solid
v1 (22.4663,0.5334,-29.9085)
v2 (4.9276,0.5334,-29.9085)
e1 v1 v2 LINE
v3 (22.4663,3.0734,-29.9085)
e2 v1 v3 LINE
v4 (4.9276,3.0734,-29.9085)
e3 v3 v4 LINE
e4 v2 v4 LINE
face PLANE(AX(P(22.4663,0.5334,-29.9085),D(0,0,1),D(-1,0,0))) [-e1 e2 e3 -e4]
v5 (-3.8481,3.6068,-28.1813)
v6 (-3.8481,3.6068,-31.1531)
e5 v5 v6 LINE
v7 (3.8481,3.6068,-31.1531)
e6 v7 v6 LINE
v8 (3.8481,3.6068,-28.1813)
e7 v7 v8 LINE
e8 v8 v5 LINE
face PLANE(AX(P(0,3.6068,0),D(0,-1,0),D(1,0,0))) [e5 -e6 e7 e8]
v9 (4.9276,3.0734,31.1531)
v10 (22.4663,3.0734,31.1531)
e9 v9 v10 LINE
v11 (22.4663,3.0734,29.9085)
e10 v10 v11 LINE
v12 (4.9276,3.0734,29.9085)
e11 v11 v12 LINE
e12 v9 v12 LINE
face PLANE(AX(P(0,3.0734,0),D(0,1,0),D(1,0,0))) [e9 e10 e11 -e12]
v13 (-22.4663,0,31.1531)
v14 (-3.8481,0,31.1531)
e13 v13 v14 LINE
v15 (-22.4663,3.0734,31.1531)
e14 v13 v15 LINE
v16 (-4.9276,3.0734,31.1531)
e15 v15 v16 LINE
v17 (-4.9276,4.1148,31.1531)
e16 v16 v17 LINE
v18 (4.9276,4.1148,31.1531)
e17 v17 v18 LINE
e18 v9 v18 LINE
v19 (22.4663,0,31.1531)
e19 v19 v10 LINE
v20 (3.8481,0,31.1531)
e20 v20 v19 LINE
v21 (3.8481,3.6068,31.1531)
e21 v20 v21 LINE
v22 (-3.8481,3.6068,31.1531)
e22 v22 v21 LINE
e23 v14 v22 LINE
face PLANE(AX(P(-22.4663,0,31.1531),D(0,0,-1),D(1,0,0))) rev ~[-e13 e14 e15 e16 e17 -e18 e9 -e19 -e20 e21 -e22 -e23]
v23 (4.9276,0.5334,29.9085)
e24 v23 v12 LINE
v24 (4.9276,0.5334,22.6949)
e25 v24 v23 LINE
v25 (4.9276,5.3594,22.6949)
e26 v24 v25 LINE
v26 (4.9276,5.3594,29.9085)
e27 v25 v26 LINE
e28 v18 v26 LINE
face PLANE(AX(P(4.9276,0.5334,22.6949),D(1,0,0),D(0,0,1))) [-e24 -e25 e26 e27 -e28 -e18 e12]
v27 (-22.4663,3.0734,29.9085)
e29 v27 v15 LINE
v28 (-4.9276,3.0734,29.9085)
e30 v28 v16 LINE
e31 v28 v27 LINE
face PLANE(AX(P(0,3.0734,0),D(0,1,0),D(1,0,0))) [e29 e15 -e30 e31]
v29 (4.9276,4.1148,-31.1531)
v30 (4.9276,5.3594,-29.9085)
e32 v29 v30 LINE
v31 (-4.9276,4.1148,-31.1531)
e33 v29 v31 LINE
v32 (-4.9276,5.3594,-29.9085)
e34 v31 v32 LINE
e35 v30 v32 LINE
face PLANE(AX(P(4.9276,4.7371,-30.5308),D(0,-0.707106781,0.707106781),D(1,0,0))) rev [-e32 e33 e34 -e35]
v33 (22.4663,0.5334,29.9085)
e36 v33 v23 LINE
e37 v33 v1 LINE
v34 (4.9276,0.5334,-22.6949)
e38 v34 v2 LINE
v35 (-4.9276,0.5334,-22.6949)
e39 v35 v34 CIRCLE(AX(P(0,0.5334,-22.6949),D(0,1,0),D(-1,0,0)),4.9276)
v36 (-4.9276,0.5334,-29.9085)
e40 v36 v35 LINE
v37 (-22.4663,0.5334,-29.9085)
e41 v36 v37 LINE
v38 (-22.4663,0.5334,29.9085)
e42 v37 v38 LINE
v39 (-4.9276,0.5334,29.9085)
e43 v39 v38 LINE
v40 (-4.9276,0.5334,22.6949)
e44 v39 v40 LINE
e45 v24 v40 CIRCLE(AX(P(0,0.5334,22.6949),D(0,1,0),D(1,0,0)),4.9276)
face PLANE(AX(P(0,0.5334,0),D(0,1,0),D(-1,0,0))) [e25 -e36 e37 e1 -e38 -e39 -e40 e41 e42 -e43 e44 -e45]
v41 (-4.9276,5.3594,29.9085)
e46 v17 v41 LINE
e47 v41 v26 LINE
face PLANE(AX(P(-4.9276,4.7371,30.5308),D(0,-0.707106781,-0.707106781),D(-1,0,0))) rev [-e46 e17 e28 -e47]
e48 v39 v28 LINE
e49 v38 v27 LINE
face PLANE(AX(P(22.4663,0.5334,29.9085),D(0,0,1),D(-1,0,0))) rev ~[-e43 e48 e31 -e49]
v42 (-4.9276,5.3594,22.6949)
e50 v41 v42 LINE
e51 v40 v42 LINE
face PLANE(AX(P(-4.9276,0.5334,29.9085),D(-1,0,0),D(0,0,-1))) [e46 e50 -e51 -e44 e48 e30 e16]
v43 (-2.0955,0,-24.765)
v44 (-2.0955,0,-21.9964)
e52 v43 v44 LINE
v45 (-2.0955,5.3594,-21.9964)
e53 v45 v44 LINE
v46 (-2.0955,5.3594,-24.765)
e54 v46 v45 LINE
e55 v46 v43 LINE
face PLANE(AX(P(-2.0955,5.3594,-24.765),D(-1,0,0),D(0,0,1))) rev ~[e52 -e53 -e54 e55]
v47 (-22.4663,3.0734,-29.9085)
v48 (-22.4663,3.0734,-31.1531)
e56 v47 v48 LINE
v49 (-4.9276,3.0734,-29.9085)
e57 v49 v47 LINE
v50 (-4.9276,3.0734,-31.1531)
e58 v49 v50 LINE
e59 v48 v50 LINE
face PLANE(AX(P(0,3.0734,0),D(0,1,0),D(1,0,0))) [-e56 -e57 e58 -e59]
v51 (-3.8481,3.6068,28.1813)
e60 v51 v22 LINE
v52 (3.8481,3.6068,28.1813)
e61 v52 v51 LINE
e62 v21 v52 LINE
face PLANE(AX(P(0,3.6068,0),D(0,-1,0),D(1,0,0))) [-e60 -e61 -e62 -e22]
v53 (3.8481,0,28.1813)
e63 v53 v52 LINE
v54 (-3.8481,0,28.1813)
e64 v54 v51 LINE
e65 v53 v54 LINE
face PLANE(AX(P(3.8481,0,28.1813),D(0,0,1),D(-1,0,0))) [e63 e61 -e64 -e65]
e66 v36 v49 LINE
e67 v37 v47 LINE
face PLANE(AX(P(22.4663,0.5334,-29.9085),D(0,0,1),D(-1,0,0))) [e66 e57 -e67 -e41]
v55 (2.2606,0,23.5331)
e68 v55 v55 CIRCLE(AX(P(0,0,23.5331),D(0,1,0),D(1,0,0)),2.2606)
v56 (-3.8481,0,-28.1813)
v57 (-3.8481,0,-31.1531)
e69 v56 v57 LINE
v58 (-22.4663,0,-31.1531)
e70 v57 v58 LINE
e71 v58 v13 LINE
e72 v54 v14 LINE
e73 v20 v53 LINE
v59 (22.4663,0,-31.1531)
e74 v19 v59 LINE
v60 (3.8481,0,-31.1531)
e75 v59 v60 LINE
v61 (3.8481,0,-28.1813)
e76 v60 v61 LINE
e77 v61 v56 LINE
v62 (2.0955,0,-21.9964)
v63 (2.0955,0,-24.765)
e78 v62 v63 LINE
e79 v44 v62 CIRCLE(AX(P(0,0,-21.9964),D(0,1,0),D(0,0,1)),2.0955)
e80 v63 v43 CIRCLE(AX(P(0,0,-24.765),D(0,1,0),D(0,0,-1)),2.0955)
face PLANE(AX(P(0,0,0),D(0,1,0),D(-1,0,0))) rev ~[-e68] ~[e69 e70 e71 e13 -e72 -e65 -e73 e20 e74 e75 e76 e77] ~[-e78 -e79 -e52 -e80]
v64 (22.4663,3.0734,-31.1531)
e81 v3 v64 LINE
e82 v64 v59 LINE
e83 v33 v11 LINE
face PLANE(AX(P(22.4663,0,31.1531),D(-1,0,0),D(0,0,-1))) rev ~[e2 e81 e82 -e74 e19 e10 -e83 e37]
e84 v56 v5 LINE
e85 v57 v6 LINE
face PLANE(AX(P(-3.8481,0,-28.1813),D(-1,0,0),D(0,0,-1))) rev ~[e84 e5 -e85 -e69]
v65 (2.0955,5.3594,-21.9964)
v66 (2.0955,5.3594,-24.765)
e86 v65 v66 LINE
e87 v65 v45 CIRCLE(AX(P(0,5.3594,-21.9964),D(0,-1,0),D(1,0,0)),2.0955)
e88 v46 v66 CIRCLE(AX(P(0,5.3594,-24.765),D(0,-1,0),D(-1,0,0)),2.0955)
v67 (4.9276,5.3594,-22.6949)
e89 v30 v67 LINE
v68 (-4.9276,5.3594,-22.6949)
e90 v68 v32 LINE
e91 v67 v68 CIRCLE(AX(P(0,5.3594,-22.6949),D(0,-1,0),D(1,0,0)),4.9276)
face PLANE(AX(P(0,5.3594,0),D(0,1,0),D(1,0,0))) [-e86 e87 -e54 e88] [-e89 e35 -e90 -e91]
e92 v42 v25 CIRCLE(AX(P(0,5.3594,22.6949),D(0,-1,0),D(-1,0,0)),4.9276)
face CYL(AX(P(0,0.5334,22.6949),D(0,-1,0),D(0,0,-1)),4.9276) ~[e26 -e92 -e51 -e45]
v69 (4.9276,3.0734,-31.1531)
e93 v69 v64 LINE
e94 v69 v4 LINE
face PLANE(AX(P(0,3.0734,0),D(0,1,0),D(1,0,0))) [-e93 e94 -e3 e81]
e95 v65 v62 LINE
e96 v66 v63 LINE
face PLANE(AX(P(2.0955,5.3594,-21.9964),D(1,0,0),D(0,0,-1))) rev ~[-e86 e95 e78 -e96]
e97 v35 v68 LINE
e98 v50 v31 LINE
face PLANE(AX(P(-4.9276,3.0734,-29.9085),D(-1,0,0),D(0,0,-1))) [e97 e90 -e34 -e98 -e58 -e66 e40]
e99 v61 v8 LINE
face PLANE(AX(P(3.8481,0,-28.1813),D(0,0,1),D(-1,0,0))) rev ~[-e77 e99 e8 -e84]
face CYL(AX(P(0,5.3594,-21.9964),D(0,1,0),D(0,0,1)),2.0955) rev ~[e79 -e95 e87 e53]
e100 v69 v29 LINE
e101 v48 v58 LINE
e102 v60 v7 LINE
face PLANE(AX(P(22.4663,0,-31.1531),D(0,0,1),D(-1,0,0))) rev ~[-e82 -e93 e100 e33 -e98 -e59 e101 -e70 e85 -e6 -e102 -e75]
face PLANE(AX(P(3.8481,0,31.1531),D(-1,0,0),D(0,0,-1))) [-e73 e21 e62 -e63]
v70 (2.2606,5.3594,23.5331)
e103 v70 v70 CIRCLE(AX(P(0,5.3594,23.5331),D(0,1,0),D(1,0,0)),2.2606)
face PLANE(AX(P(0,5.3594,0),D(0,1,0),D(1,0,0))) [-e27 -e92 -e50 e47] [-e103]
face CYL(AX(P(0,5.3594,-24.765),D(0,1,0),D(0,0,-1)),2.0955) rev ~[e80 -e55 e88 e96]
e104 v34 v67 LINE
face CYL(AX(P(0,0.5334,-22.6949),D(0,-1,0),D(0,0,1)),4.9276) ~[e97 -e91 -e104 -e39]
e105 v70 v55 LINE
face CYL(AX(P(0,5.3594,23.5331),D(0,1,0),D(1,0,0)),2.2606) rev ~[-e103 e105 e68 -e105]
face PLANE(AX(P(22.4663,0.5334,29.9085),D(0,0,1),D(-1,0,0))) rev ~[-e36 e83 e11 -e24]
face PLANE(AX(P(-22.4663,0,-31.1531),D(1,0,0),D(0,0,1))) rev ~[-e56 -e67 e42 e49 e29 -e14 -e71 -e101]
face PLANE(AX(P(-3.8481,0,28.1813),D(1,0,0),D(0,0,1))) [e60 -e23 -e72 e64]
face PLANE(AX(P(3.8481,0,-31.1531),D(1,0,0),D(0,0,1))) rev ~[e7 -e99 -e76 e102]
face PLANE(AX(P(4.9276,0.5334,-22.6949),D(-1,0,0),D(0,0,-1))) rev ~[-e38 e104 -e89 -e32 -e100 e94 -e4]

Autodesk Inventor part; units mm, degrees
ref_plane "YZ Plane" through (0, 0, 0) normal (1, 0, 0) x (0, 1, 0)
ref_plane "XZ Plane" through (0, 0, 0) normal (0, 1, 0) x (-1, 0, 0)
ref_plane "XY Plane" through (0, 0, 0) normal (0, 0, 1) x (1, 0, 0)
sketch "Sketch1" plane through (0, 0, 0) normal (0, 1, 0) x (-1, 0, 0)
  line L0 (22.4663, 31.1531) -> (-22.4663, 31.1531)
  line L1 (-22.4663, 31.1531) -> (-22.4663, -31.1531)
  line L2 (-22.4663, -31.1531) -> (22.4663, -31.1531)
  line L3 (22.4663, -31.1531) -> (22.4663, 31.1531)
  point P0 (0, 0)
  point P1 (22.4663, 0)
  point P2 (0, -31.1531)
  dimension "d0" = 62.3062
  dimension "d1" = 44.9326
extrude "Extrusion1" add sketch "Sketch1" along normal blind 0.5334
sketch "Sketch2" plane through (0, 0.5334, 0) normal (0, 1, 0) x (1, 0, 0)
  line L0 (22.4663, -31.1531) -> (22.4663, 31.1531) projected
  line L1 (-22.4663, 31.1531) -> (22.4663, 31.1531)
  line L2 (22.4663, 31.1531) -> (22.4663, 29.9085)
  line L3 (22.4663, 29.9085) -> (-22.4663, 29.9085)
  line L4 (-22.4663, 29.9085) -> (-22.4663, 31.1531)
  line L5 (-22.4663, -31.1531) -> (22.4663, -31.1531)
  line L6 (22.4663, -31.1531) -> (22.4663, -29.9085)
  line L7 (22.4663, -29.9085) -> (-22.4663, -29.9085)
  line L8 (-22.4663, -29.9085) -> (-22.4663, -31.1531)
  line L9 (-22.4663, -31.1531) -> (22.4663, -31.1531) projected
  point P0 (0, 0)
  dimension "d4" = 1.2446
  dimension "d5" = 1.2446
  dimension "d6" = 59.817
  dimension "d7" = 0
extrude "Extrusion2" add sketch "Sketch2" along normal blind 2.54
sketch "Sketch3" plane through (0, 0.5334, 0) normal (0, 1, 0) x (1, 0, 0)
  line L0 (22.4663, 29.9085) -> (-22.4663, 29.9085) projected
  line L1 (4.9276, 29.9085) -> (-4.9276, 29.9085)
  line L2 (-4.9276, 29.9085) -> (-4.9276, 22.6949)
  line L3 (0, 17.7673) -> (0, 17.7673)
  line L4 (4.9276, 22.6949) -> (4.9276, 29.9085)
  arc A0 (-4.9276, 22.6949) -> (0, 17.7673) centre (0, 22.6949) ccw
  arc A1 (0, 17.7673) -> (4.9276, 22.6949) centre (0, 22.6949) ccw
  line L5 (22.4663, -29.9085) -> (-22.4663, -29.9085) projected
  line L6 (4.9276, -29.9085) -> (-4.9276, -29.9085)
  line L7 (-4.9276, -29.9085) -> (-4.9276, -22.6949)
  line L8 (0, -17.7673) -> (0, -17.7673)
  line L9 (4.9276, -22.6949) -> (4.9276, -29.9085)
  arc A2 (4.9276, -22.6949) -> (0, -17.7673) centre (0, -22.6949) ccw
  arc A3 (0, -17.7673) -> (-4.9276, -22.6949) centre (0, -22.6949) ccw
  point P0 (0, 0)
  point P1 (-4.9276, 17.7673)
  point P2 (4.9276, 17.7673)
  point P3 (0, 17.7673)
  point P4 (-4.9276, -17.7673)
  point P5 (4.9276, -17.7673)
  dimension "d10" = 12.1412
  dimension "d11" = 9.8552
  dimension "d12" = 4.9276
  dimension "d13" = 9.8552
  dimension "d14" = 12.1412
  dimension "d15" = 4.9276
  dimension "d16" = 4.9276
extrude "Extrusion3" add sketch "Sketch3" along normal blind 4.826
sketch "Sketch4" plane through (0, 3.0734, 0) normal (0, 1, 0) x (1, 0, 0)
  line L0 (-22.4663, -31.1531) -> (22.4663, -31.1531) projected
  line L1 (4.9276, -29.9085) -> (-4.9276, -29.9085)
  line L2 (-4.9276, -29.9085) -> (-4.9276, -31.1531)
  line L3 (-4.9276, -31.1531) -> (4.9276, -31.1531)
  line L4 (4.9276, -31.1531) -> (4.9276, -29.9085)
  line L5 (22.4663, 31.1531) -> (-22.4663, 31.1531) projected
  line L6 (4.9276, 29.9085) -> (-4.9276, 29.9085)
  line L7 (-4.9276, 29.9085) -> (-4.9276, 31.1531)
  line L8 (-4.9276, 31.1531) -> (4.9276, 31.1531)
  line L9 (4.9276, 31.1531) -> (4.9276, 29.9085)
  point P0 (0, 0)
extrude "Extrusion4" add sketch "Sketch4" along normal blind 2.286
chamfer "Chamfer1" distance 1.2446 angle 45 2 edges at (0, 5.3594, 31.1531) (0, 5.3594, -31.1531)
sketch "Sketch5" plane through (0, 0, 0) normal (0, -1, 0) x (1, 0, 0)
  line L0 (22.4663, -31.1531) -> (-22.4663, -31.1531) projected
  line L1 (-3.8481, -31.1531) -> (3.8481, -31.1531)
  line L2 (3.8481, -31.1531) -> (3.8481, -28.1813)
  line L3 (3.8481, -28.1813) -> (-3.8481, -28.1813)
  line L4 (-3.8481, -28.1813) -> (-3.8481, -31.1531)
  line L5 (-22.4663, 31.1531) -> (22.4663, 31.1531) projected
  line L6 (-3.8481, 31.1531) -> (3.8481, 31.1531)
  line L7 (3.8481, 31.1531) -> (3.8481, 28.1813)
  line L8 (3.8481, 28.1813) -> (-3.8481, 28.1813)
  line L9 (-3.8481, 28.1813) -> (-3.8481, 31.1531)
  point P0 (0, 0)
  point P1 (0, -31.1531)
  point P2 (0, -28.1813)
  point P3 (0, 28.1813)
  point P4 (0, 31.1531)
  dimension "d24" = 7.6962
  dimension "d25" = 2.9718
  dimension "d26" = 2.9718
extrude "Extrusion5" cut sketch "Sketch5" against normal blind 3.6068
sketch "Sketch6" plane through (0, 5.3594, 0) normal (0, 1, 0) x (1, 0, 0)
  line L0 (0, 19.9009) -> (0, 19.9009)
  line L1 (2.0955, 21.9964) -> (2.0955, 24.765)
  line L2 (0, 26.8605) -> (0, 26.8605)
  line L3 (-2.0955, 24.765) -> (-2.0955, 21.9964)
  line L4 (4.9276, 31.1531) -> (-4.9276, 31.1531) projected
  arc A0 (0, 19.9009) -> (2.0955, 21.9964) centre (0, 21.9964) ccw
  arc A1 (-2.0955, 21.9964) -> (0, 19.9009) centre (0, 21.9964) ccw
  arc A2 (0, 26.8605) -> (-2.0955, 24.765) centre (0, 24.765) ccw
  arc A3 (2.0955, 24.765) -> (0, 26.8605) centre (0, 24.765) ccw
  circle A4 centre (0, -23.5331) radius 2.2606
  line L5 (-4.9276, -31.1531) -> (4.9276, -31.1531) projected
  point P0 (0, 0)
  point P1 (2.0955, 26.8605)
  point P2 (2.0955, 19.9009)
  point P3 (-2.0955, 26.8605)
  point P4 (0, 19.9009)
  dimension "d29" = 4.191
  dimension "d30" = 6.9596
  dimension "d31" = 4.2926
  dimension "d32" = 2.0955
  dimension "d33" = 2.0955
  dimension "d34" = 2.0955
  dimension "d35" = 7.62
  dimension "d38" = 4.5212
extrude "Extrusion6" cut sketch "Sketch6" against normal through all
properties part number "SSR-40 DA BOTTOM" material "Nickel-Copper Alloy 400"
